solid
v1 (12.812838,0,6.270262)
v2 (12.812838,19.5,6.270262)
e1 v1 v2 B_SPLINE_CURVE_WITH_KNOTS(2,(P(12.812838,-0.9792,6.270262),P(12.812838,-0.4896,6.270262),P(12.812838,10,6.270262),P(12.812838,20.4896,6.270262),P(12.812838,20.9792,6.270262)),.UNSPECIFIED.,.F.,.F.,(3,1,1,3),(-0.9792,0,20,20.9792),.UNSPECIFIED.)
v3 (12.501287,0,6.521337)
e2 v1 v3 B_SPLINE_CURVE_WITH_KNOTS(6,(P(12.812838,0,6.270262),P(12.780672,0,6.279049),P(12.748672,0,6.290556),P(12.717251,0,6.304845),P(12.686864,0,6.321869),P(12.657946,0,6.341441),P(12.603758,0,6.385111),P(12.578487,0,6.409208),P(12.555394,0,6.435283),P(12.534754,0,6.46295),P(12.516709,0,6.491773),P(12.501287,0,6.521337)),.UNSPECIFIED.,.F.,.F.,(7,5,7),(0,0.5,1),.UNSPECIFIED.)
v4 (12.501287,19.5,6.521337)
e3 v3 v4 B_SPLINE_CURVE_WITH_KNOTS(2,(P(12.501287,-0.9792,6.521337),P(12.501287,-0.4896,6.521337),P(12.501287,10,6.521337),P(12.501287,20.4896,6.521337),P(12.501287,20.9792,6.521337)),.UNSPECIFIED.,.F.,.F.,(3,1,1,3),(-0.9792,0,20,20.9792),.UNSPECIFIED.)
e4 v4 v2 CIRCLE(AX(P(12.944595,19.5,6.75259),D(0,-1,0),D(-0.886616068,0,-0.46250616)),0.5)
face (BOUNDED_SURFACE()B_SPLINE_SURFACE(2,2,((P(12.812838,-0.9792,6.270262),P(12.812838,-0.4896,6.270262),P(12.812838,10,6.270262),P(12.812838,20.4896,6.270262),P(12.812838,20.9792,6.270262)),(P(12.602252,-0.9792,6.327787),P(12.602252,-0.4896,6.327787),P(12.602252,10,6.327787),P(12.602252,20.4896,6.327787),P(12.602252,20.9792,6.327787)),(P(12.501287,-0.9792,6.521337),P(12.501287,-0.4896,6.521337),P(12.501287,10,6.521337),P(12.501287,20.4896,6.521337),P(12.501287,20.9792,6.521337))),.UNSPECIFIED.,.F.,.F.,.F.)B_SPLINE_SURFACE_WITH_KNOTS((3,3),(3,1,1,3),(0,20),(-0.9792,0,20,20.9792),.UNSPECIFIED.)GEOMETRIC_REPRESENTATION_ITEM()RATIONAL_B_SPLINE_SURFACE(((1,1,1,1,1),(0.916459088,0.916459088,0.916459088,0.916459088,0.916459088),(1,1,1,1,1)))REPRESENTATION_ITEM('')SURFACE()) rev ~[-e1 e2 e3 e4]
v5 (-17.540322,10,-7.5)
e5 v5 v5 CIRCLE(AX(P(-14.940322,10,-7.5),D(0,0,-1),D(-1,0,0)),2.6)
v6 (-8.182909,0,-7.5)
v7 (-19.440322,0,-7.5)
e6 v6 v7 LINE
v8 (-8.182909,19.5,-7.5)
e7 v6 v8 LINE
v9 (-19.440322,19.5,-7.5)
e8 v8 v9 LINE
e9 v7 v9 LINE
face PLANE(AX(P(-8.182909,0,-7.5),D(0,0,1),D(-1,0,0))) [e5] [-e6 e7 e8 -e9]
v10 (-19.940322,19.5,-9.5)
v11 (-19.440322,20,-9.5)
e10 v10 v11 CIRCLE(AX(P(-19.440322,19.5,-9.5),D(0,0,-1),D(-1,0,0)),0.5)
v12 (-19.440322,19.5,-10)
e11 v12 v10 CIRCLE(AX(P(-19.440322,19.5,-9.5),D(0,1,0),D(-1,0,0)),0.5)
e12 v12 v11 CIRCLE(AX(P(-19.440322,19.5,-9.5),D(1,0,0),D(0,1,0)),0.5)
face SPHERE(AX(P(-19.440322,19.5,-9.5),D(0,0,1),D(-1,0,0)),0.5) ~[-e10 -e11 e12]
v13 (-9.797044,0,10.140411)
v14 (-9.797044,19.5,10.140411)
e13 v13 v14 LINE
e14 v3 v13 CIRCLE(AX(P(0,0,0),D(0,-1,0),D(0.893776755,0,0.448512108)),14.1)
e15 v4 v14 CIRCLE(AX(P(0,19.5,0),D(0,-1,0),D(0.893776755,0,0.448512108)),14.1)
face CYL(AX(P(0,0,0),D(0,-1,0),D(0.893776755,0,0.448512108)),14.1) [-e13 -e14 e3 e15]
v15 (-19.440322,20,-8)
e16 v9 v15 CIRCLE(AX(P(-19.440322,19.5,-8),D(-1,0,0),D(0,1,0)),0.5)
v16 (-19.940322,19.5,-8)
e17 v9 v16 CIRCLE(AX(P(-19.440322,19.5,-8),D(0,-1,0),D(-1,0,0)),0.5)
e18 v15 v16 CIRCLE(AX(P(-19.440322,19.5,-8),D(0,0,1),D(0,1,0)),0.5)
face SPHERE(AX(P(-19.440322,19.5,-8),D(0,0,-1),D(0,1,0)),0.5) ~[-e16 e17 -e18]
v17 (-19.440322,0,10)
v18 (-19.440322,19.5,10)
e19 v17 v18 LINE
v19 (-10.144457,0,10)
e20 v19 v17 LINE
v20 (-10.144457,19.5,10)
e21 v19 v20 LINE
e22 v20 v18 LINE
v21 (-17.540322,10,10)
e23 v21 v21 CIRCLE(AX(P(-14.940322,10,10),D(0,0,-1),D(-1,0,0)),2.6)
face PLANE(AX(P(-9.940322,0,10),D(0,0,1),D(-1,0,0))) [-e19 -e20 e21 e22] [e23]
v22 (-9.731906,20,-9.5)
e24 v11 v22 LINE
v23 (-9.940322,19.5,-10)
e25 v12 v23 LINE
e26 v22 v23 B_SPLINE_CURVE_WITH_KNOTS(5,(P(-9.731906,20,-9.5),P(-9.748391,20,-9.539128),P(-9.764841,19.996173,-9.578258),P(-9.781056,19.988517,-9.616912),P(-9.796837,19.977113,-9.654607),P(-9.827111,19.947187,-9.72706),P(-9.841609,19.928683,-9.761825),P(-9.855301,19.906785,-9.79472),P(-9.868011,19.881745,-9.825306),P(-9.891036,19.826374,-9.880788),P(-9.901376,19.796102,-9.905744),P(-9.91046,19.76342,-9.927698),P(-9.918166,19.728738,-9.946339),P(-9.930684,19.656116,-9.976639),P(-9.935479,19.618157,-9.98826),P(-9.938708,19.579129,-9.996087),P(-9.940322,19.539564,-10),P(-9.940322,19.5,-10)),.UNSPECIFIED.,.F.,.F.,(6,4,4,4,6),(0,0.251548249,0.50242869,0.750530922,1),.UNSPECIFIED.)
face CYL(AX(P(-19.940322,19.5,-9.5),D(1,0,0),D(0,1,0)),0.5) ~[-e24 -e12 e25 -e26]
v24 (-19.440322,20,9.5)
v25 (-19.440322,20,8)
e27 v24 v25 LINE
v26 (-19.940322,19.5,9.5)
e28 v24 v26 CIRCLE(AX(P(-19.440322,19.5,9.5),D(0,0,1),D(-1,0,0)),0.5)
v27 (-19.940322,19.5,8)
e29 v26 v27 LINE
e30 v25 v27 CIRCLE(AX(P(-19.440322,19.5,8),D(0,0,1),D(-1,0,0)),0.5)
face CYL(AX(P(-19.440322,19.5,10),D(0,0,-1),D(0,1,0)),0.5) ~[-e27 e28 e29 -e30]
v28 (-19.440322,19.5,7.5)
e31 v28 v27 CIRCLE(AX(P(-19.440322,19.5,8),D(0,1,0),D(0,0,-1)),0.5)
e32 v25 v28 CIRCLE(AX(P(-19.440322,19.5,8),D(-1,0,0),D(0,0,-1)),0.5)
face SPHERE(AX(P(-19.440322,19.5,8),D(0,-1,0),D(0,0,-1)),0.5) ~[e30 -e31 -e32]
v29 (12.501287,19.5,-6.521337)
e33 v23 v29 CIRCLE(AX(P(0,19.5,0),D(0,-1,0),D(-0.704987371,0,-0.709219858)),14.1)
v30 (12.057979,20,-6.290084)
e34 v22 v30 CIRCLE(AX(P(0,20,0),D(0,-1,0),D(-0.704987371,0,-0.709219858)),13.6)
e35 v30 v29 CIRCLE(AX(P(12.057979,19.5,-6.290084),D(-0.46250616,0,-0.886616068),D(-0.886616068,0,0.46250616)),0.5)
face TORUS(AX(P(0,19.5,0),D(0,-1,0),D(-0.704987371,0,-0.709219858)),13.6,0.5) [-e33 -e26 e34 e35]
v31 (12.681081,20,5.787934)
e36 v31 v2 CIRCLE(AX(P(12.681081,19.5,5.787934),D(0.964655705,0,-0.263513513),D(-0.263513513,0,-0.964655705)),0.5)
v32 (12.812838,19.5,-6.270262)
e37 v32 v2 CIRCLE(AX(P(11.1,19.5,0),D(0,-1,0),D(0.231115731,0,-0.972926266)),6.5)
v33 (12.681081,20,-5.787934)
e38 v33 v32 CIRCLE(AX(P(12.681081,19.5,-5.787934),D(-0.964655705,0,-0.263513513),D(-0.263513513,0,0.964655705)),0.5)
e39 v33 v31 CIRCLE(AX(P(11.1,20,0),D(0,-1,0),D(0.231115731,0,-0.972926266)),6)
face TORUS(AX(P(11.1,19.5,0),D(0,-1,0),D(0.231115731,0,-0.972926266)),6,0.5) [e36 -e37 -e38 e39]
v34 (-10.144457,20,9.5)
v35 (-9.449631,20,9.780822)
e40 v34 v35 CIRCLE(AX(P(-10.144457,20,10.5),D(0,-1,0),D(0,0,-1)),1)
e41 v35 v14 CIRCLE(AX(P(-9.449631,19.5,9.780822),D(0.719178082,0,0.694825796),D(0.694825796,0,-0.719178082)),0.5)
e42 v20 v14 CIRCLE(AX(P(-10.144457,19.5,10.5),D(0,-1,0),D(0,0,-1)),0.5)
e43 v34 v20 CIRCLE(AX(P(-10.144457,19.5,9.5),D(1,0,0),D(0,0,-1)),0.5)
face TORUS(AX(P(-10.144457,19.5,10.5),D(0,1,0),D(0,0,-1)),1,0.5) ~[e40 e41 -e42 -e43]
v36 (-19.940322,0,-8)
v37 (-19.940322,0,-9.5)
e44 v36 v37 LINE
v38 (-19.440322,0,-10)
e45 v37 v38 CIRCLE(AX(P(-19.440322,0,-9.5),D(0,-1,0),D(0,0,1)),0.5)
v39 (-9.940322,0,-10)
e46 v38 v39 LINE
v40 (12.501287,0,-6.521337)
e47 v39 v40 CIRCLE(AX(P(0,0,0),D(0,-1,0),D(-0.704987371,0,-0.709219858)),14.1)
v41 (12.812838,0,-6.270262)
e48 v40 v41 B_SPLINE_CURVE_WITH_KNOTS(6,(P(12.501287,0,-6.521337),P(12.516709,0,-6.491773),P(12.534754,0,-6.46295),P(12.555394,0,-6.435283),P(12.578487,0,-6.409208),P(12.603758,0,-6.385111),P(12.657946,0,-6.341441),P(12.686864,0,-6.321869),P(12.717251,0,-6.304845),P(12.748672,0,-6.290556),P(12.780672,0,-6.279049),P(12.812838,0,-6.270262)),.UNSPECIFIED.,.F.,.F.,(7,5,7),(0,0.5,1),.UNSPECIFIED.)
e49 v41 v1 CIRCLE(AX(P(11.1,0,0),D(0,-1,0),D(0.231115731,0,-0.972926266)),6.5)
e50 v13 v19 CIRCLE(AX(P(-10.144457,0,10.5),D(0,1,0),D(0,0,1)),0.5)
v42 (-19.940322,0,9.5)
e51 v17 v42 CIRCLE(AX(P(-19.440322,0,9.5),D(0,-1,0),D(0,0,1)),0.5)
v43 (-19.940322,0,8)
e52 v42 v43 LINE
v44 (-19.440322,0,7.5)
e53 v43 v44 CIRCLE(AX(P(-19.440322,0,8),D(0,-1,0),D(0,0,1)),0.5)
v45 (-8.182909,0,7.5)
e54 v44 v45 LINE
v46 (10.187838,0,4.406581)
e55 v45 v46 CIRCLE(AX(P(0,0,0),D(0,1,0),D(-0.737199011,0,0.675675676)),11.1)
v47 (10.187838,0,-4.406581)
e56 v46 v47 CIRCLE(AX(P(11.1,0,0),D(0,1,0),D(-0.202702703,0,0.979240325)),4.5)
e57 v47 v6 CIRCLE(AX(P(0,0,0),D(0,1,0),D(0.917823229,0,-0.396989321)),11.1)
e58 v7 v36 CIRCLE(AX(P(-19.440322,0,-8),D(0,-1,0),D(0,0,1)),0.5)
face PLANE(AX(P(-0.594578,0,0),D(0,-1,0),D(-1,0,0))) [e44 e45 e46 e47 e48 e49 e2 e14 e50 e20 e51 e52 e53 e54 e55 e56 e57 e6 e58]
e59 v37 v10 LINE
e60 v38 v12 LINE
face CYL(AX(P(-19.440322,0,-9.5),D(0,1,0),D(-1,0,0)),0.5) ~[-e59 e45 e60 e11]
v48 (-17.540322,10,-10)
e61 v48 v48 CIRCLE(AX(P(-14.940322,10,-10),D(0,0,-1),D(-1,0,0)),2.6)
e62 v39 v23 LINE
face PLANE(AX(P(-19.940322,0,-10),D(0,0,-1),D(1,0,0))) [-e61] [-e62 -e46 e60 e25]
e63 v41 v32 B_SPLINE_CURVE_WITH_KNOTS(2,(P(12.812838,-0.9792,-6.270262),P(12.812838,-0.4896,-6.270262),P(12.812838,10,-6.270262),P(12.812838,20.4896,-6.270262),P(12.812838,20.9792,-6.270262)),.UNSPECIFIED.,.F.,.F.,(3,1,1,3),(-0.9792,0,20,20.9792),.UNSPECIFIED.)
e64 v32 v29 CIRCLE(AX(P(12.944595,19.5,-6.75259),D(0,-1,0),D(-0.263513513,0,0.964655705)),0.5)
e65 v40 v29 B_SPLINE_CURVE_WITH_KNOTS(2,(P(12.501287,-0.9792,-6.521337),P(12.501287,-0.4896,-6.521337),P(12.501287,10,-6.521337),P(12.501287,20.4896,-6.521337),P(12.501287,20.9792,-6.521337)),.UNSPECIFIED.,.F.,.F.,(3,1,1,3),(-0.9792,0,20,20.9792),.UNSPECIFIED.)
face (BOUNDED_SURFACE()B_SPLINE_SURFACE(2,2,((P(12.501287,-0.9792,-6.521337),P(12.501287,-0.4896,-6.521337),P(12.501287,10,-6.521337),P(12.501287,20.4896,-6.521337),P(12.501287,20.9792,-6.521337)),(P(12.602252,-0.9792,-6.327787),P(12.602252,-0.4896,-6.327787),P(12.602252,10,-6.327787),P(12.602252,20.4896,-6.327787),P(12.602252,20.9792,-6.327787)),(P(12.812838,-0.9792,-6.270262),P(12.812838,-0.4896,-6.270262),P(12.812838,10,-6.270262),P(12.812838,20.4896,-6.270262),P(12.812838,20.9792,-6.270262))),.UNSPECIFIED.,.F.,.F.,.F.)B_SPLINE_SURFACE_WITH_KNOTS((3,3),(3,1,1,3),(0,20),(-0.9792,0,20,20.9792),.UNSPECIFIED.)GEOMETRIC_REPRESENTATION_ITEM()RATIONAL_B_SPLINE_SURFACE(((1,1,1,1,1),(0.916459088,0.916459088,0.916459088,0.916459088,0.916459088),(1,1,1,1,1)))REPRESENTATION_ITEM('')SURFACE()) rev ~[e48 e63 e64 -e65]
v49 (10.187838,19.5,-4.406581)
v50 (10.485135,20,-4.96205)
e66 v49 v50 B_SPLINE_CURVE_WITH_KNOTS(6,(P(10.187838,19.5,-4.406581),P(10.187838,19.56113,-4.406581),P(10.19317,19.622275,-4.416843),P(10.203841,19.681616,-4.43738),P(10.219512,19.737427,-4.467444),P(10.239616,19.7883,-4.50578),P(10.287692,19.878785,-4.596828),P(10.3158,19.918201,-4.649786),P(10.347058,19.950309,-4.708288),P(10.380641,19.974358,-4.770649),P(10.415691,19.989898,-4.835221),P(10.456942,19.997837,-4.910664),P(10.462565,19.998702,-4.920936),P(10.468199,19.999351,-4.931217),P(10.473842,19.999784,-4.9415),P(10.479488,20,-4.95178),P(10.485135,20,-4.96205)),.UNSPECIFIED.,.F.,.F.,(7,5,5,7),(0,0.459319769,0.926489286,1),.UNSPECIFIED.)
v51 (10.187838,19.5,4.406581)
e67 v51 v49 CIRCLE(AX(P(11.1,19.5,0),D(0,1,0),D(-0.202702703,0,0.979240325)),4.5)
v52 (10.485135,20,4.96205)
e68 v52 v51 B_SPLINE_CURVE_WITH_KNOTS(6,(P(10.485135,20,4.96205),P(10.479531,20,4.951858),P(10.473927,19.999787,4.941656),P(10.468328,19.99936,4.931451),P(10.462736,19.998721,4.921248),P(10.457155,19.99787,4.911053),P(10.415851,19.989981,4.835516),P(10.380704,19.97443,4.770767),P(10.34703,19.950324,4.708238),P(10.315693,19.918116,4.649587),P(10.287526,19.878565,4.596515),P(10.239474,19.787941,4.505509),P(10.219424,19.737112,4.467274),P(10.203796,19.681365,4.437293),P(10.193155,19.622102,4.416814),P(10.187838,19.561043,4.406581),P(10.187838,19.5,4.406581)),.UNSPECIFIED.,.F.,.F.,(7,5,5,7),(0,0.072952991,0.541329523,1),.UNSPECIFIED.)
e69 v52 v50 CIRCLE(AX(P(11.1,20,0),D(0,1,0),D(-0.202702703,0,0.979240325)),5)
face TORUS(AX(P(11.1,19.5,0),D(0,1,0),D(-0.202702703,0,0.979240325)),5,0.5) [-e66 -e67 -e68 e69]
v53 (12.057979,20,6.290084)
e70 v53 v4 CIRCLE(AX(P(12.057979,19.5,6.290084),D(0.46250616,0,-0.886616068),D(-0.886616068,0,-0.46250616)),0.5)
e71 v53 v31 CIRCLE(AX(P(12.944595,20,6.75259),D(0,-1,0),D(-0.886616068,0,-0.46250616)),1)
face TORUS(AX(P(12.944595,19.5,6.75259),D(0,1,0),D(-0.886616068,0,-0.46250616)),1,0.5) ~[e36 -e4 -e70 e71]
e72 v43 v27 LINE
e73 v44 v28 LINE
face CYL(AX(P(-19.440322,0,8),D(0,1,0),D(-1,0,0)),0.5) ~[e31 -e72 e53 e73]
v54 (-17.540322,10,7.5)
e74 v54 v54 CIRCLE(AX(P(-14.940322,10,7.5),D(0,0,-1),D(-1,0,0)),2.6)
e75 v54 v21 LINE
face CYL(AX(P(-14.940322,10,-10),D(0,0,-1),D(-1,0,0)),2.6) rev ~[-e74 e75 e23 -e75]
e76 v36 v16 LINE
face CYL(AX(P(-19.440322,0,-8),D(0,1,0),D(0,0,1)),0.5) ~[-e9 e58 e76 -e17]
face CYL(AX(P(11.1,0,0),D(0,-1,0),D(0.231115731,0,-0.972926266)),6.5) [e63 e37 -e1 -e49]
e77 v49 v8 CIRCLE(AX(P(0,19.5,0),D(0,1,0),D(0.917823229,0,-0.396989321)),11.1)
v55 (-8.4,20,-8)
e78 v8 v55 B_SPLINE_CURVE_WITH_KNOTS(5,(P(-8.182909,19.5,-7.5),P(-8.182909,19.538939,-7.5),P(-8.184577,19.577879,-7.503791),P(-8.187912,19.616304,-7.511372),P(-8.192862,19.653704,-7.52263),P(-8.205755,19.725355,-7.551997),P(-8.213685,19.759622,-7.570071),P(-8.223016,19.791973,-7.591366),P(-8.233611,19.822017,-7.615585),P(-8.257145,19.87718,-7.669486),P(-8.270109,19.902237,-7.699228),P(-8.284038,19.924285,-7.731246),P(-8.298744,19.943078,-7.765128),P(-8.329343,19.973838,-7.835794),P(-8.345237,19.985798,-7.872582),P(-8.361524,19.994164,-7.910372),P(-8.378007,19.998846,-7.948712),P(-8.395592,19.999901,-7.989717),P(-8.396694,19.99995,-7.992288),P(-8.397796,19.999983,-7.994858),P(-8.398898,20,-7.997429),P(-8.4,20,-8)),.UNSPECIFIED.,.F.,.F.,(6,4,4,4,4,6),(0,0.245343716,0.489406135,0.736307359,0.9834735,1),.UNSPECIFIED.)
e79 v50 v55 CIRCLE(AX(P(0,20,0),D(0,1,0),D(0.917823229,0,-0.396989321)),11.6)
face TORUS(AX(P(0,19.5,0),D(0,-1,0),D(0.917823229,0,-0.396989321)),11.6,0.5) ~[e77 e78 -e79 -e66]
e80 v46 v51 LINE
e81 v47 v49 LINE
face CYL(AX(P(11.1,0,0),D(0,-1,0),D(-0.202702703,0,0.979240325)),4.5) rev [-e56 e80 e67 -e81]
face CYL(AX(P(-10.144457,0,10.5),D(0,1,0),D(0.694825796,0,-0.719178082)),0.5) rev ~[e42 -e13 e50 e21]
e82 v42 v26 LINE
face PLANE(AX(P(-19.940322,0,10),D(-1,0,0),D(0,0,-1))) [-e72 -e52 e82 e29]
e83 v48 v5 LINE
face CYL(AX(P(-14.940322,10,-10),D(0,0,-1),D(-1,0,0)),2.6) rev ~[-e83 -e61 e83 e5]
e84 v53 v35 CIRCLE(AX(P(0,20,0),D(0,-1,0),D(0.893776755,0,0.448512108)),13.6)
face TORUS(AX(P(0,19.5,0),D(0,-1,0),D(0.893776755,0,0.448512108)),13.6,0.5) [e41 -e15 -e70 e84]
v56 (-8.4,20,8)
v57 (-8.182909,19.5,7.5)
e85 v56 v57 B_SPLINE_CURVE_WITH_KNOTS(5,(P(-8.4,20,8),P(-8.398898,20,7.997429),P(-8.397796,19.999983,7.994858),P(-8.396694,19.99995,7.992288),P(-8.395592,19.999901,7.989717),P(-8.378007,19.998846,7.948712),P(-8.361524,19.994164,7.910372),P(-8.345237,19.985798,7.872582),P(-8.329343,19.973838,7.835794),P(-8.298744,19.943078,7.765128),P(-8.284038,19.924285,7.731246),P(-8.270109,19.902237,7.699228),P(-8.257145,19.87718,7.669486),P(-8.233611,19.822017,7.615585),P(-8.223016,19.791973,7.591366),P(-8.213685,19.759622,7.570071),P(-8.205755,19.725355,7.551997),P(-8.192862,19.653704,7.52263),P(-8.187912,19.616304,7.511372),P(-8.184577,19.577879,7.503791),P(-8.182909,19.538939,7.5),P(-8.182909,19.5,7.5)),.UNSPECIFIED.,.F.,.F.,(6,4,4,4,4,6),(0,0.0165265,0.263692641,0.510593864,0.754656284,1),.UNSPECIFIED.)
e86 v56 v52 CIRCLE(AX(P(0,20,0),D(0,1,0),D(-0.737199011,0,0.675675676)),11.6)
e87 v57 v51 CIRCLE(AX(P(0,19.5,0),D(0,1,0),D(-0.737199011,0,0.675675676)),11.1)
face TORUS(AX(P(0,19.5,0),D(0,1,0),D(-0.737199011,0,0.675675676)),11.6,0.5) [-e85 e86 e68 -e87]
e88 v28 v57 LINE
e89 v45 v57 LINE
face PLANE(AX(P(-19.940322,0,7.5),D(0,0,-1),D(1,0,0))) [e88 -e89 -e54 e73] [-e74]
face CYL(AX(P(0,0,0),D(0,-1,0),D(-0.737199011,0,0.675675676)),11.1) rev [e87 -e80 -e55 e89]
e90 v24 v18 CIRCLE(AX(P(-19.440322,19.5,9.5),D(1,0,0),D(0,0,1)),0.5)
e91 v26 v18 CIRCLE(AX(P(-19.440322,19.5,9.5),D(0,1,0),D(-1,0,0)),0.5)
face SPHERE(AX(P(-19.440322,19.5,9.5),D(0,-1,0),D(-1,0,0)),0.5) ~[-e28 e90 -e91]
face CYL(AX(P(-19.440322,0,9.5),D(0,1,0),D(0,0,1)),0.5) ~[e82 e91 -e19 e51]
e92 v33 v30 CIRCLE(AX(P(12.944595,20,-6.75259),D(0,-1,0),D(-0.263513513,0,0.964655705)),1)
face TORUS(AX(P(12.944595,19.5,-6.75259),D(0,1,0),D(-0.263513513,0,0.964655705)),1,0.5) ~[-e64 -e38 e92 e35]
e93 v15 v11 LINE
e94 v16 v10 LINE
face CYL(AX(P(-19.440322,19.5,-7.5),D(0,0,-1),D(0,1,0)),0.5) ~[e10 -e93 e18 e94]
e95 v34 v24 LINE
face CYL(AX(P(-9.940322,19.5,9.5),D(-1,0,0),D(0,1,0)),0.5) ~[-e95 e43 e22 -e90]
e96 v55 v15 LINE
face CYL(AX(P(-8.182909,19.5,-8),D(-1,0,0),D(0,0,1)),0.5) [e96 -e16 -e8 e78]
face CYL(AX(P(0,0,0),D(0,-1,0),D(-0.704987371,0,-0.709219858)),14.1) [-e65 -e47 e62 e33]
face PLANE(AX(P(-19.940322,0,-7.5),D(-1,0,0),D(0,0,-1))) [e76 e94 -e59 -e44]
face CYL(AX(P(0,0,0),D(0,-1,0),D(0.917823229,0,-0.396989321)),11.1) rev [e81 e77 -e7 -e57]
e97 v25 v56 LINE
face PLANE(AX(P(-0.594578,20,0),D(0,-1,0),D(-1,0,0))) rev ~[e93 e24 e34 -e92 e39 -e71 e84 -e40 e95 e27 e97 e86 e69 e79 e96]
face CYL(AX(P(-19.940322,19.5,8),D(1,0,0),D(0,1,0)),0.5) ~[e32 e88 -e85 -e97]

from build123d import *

# Parameters (mm, degrees)
BOSS_EXTRU_1_DEPTH      = 20
ESQUISSE2_R             = 2.6
ENL_V_MAT_EXTRU_1_DEPTH = 38.127165776
CONG_2_R                = 0.5


with BuildPart() as part:
    # Esquisse1 → Boss.-Extru.1 (new body)
    with BuildSketch(Plane(origin=(0, 0, 0), x_dir=(1, 0, 0), z_dir=(0, 1, 0))):
        with BuildLine():
            Line((-8.182909018, 7.5), (-19.940321926, 7.5))
            Line((-19.940321926, 7.5), (-19.940321926, 10))
            Line((-19.940321926, 10), (-9.940321926, 10))
            ThreePointArc((-9.940321926, 10), (2.269289353, 13.916189343), (12.602252252, 6.324020728))
            ThreePointArc((12.602252252, 6.324020728), (17.6, 0), (12.602252252, -6.324020728))
            ThreePointArc((12.602252252, -6.324020728), (2.269289353, -13.916189343), (-9.940321926, -10))
            Line((-9.940321926, -10), (-19.940321926, -10))
            Line((-19.940321926, -10), (-19.940321926, -7.5))
            Line((-19.940321926, -7.5), (-8.182909018, -7.5))
            ThreePointArc((-8.182909018, -7.5), (1.843161538, -10.945901313), (10.187837838, -4.406581463))
            ThreePointArc((10.187837838, -4.406581463), (15.6, 0), (10.187837838, 4.406581463))
            ThreePointArc((10.187837838, 4.406581463), (1.843161538, 10.945901313), (-8.182909018, 7.5))
        make_face()
    extrude(amount=BOSS_EXTRU_1_DEPTH)

    # Esquisse2 → Enlèv. mat.-Extru.1 (cut, through all)
    with BuildSketch(Plane(origin=(0, 0, -10), x_dir=(-1, 0, 0), z_dir=(0, 0, -1))):
        with Locations((14.940321926, 10)):
            Circle(ESQUISSE2_R)
    extrude(amount=-ENL_V_MAT_EXTRU_1_DEPTH, mode=Mode.SUBTRACT)

    # Congé2
    cong_2_edges = [part.edges().sort_by_distance(p)[0] for p in [
        (-19.940321926, 20, -8.75),
        (-14.061615472, 20, -7.5),
        (12.602252252, 10, -6.324020728),
        (12.602252252, 10, 6.324020728),
        (-9.940321926, 10, 10),
        (1.843161538, 20, -10.945901313),
        (-19.940321926, 10, 10),
        (-19.940321926, 10, 7.5),
        (-19.940321926, 10, -7.5),
        (-19.940321926, 10, -10),
        (15.6, 20, 0),
        (1.843161538, 20, 10.945901313),
        (-14.061615472, 20, 7.5),
        (-19.940321926, 20, 8.75),
        (-14.940321926, 20, 10),
        (2.269289353, 20, 13.916189343),
        (17.6, 20, 0),
        (2.269289353, 20, -13.916189343),
        (-14.940321926, 20, -10),
    ]]
    fillet(cong_2_edges, radius=CONG_2_R)


solid = part.part
